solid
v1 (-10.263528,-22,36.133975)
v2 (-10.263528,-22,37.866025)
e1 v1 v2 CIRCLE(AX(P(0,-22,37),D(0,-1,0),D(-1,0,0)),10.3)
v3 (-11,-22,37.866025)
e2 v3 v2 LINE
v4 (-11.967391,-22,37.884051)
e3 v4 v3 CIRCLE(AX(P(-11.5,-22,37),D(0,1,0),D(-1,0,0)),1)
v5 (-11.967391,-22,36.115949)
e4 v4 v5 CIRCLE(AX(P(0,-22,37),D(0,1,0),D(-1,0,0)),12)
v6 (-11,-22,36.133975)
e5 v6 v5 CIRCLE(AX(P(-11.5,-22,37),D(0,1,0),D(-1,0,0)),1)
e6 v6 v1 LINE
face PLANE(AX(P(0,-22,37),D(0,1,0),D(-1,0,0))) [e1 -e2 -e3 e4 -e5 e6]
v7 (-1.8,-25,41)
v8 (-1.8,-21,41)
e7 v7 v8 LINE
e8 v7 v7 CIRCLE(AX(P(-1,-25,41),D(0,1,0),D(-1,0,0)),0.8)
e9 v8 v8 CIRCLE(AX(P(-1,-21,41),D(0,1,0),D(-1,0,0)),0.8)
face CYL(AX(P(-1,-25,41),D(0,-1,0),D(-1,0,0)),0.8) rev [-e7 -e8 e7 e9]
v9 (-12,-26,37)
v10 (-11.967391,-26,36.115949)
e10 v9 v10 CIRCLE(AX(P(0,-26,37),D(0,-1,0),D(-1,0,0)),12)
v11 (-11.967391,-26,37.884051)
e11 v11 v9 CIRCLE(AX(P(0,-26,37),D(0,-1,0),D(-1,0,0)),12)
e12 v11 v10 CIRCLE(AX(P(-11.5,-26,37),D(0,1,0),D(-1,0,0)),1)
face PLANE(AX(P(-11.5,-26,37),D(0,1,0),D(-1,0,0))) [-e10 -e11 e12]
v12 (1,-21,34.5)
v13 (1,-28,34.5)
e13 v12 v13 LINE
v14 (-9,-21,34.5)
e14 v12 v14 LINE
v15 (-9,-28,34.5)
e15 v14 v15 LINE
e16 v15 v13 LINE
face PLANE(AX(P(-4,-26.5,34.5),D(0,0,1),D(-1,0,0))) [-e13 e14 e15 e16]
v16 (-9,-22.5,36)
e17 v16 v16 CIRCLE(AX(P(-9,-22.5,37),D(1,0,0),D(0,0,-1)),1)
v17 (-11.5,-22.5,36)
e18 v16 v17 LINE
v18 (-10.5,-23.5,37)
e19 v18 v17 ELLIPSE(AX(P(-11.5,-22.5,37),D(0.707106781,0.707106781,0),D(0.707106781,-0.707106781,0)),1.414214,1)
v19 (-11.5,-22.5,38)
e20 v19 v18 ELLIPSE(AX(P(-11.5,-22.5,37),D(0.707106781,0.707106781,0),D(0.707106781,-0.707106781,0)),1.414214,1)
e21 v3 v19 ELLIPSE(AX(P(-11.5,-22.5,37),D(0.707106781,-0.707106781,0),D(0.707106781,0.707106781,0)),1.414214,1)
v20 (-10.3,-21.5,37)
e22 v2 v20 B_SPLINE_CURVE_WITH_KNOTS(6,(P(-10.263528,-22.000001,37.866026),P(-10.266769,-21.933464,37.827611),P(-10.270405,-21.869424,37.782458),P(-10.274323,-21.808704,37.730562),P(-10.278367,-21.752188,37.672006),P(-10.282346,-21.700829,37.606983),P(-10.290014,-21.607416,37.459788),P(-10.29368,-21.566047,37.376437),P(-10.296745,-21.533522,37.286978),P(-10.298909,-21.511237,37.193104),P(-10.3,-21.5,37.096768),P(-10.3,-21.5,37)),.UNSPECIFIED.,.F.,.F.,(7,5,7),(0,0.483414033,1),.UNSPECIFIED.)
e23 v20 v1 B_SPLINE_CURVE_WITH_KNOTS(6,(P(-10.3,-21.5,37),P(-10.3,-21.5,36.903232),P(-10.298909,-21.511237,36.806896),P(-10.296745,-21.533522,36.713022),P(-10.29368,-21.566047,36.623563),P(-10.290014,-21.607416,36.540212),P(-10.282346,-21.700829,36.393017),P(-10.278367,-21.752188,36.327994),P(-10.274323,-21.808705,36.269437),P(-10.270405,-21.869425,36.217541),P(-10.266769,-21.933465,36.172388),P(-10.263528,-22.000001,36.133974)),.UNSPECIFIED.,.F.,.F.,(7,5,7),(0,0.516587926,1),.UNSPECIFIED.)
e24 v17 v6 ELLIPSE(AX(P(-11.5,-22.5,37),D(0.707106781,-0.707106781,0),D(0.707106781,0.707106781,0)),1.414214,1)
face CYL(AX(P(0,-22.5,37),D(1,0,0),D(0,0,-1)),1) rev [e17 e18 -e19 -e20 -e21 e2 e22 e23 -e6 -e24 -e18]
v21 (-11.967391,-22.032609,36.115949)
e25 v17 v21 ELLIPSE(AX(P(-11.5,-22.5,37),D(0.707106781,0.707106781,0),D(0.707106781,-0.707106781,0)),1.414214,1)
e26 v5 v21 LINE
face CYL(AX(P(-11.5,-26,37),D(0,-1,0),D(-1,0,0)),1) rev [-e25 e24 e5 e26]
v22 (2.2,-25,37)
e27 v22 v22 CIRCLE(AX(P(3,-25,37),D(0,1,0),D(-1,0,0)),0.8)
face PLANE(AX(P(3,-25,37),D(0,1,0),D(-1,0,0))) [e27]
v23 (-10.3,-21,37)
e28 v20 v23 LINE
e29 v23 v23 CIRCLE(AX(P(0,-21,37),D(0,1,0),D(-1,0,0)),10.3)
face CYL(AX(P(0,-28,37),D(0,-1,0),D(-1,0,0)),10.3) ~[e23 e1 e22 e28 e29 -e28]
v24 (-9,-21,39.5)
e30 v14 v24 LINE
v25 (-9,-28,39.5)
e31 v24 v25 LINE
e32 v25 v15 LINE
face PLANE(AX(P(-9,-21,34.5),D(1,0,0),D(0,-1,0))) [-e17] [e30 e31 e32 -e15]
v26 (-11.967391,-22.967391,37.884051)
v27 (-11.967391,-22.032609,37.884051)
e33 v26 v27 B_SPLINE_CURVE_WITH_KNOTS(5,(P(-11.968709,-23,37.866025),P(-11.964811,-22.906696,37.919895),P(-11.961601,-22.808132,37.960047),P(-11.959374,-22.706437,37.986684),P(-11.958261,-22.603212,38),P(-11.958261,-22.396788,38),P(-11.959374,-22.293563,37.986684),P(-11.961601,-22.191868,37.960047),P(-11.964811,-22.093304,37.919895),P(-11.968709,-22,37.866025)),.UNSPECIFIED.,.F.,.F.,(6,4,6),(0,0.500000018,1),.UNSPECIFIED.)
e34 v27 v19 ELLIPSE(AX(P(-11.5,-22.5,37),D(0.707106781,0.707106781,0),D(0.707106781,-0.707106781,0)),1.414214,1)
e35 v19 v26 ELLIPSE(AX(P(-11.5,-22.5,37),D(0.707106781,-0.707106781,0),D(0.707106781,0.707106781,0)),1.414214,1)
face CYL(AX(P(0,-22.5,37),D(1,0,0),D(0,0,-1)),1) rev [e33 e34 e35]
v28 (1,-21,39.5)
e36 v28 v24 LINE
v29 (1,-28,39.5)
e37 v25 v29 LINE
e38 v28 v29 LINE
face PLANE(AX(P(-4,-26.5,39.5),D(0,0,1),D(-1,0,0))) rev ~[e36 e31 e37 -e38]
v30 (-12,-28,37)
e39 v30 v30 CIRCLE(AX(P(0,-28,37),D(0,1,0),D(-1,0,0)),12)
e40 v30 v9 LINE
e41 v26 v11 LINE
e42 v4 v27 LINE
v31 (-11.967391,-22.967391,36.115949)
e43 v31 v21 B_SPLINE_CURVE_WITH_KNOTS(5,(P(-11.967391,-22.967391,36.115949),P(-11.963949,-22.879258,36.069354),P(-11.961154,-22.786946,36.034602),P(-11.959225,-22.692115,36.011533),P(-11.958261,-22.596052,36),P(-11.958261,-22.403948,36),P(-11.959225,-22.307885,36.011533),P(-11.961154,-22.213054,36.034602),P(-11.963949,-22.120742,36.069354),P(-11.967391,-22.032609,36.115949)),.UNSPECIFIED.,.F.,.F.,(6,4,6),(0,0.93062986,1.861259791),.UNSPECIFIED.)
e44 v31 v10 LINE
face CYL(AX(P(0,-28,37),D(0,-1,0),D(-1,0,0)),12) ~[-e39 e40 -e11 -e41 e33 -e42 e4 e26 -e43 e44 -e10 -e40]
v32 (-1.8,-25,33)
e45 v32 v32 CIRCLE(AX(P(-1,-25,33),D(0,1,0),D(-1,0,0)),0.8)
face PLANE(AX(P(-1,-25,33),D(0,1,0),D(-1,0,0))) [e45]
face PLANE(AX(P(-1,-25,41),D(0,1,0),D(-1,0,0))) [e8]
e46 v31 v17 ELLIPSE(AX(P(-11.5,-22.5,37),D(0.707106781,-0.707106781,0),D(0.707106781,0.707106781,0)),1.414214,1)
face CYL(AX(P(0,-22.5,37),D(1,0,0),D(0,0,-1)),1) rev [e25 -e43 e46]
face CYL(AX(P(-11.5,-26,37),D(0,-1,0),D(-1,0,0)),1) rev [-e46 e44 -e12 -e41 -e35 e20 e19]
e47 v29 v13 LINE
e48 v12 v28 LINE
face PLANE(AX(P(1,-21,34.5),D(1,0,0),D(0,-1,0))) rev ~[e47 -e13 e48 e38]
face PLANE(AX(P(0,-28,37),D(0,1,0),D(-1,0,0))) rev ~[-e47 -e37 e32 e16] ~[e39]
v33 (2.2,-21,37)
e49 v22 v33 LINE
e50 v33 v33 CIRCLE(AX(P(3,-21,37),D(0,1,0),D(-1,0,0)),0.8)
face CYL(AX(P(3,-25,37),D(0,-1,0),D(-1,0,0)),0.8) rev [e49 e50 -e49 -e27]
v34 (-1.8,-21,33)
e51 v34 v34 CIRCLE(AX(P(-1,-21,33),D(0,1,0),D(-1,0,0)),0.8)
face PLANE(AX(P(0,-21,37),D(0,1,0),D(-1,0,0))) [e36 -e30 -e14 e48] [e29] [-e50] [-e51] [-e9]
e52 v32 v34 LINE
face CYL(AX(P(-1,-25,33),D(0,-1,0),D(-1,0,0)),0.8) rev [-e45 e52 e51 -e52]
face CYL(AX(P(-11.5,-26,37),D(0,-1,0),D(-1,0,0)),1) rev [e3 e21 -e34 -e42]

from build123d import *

# Parameters (mm, degrees)
CYLINDER014005814004009_R           = 1
CYLINDER014005814004009_DEPTH       = 12
CYLINDER014005814004009_PITCH_ANGLE = 90
CYLINDER014005814004010_R           = 1
CYLINDER014005814004010_DEPTH       = 4
CYLINDER014005814004010_ROLL_ANGLE  = 90
CYLINDER014005814004011_R           = 0.8
CYLINDER014005814004011_DEPTH       = 4
CYLINDER014005814004011_ROLL_ANGLE  = 90
CYLINDER014005814004012_R           = 0.8
CYLINDER014005814004012_DEPTH       = 4
CYLINDER014005814004012_ROLL_ANGLE  = 90
CYLINDER014005814004013_R           = 0.8
CYLINDER014005814004013_DEPTH       = 4
CYLINDER014005814004013_ROLL_ANGLE  = 90
BOX209_W                            = 10
BOX209_H                            = 11
BOX209_DEPTH                        = 5
CYLINDER014005814004008_R           = 10.3
CYLINDER014005814004008_DEPTH       = 7
CYLINDER014005814004008_ROLL_ANGLE  = 90
CYLINDER014005814004007_R           = 12
CYLINDER014005814004007_DEPTH       = 6
CYLINDER014005814004007_ROLL_ANGLE  = 90
CUT061098127_PLACEMENT_ANGLE        = 180


with BuildPart() as v_lec735:
    # Cylinder014005814004009 → Cylinder014005814004009 (new body)
    with BuildSketch(Plane.XY):
        Circle(CYLINDER014005814004009_R)
    extrude(amount=CYLINDER014005814004009_DEPTH)


with BuildPart() as v_lec735_1:
    # Cylinder014005814004009 pitch: moved
    add(v_lec735.part.rotate(Axis((0, 0, 0), (0, 1, 0)), CYLINDER014005814004009_PITCH_ANGLE))


with BuildPart() as v_lec735_2:
    # Cylinder014005814004009 placement: moved
    add(v_lec735_1.part.moved(Location((0, -5.5, 0))))


with BuildPart() as v_lec736:
    # Cylinder014005814004010 → Cylinder014005814004010 (new body)
    with BuildSketch(Plane.XY):
        Circle(CYLINDER014005814004010_R)
    extrude(amount=CYLINDER014005814004010_DEPTH)


with BuildPart() as v_lec736_1:
    # Cylinder014005814004010 roll: moved
    add(v_lec736.part.rotate(Axis((0, 0, 0), (1, 0, 0)), CYLINDER014005814004010_ROLL_ANGLE))


with BuildPart() as v_lec736_2:
    # Cylinder014005814004010 placement: moved
    add(v_lec736_1.part.moved(Location((11.5, -2, 0))))


with BuildPart() as v_lec737:
    # Cylinder014005814004011 → Cylinder014005814004011 (new body)
    with BuildSketch(Plane.XY):
        Circle(CYLINDER014005814004011_R)
    extrude(amount=CYLINDER014005814004011_DEPTH)


with BuildPart() as v_lec737_1:
    # Cylinder014005814004011 roll: moved
    add(v_lec737.part.rotate(Axis((0, 0, 0), (1, 0, 0)), CYLINDER014005814004011_ROLL_ANGLE))


with BuildPart() as v_lec737_2:
    # Cylinder014005814004011 placement: moved
    add(v_lec737_1.part.moved(Location((-3, -3, 0))))


with BuildPart() as v_lec738:
    # Cylinder014005814004012 → Cylinder014005814004012 (new body)
    with BuildSketch(Plane.XY):
        Circle(CYLINDER014005814004012_R)
    extrude(amount=CYLINDER014005814004012_DEPTH)


with BuildPart() as v_lec738_1:
    # Cylinder014005814004012 roll: moved
    add(v_lec738.part.rotate(Axis((0, 0, 0), (1, 0, 0)), CYLINDER014005814004012_ROLL_ANGLE))


with BuildPart() as v_lec738_2:
    # Cylinder014005814004012 placement: moved
    add(v_lec738_1.part.moved(Location((1, -3, 4))))


with BuildPart() as v_lec739:
    # Cylinder014005814004013 → Cylinder014005814004013 (new body)
    with BuildSketch(Plane.XY):
        Circle(CYLINDER014005814004013_R)
    extrude(amount=CYLINDER014005814004013_DEPTH)


with BuildPart() as v_lec739_1:
    # Cylinder014005814004013 roll: moved
    add(v_lec739.part.rotate(Axis((0, 0, 0), (1, 0, 0)), CYLINDER014005814004013_ROLL_ANGLE))


with BuildPart() as v_lec739_2:
    # Cylinder014005814004013 placement: moved
    add(v_lec739_1.part.moved(Location((1, -3, -4))))


with BuildPart() as fusion001089087:
    # Box209 → Box209 (new body)
    with BuildSketch(Plane(origin=(-1, -7, -2.5), x_dir=(1, 0, 0), z_dir=(0, 0, 1))):
        with Locations((5, 5.5)):
            Rectangle(BOX209_W, BOX209_H)
    extrude(amount=BOX209_DEPTH)

    # Fusion001089087: union Válec735, Válec736, Válec737, Válec738, Válec739
    add(v_lec735_2.part)
    add(v_lec736_2.part)
    add(v_lec737_2.part)
    add(v_lec738_2.part)
    add(v_lec739_2.part)


with BuildPart() as bat005:
    # Cylinder014005814004008 → Cylinder014005814004008 (new body)
    with BuildSketch(Plane.XY):
        Circle(CYLINDER014005814004008_R)
    extrude(amount=CYLINDER014005814004008_DEPTH)


with BuildPart() as bat005_1:
    # Cylinder014005814004008 roll: moved
    add(bat005.part.rotate(Axis((0, 0, 0), (1, 0, 0)), CYLINDER014005814004008_ROLL_ANGLE))


with BuildPart() as bat005_2:
    # Cylinder014005814004008 placement: moved
    add(bat005_1.part)


with BuildPart() as beterryknob:
    # Cylinder014005814004007 → Cylinder014005814004007 (new body)
    with BuildSketch(Plane.XY):
        Circle(CYLINDER014005814004007_R)
    extrude(amount=CYLINDER014005814004007_DEPTH)


with BuildPart() as beterryknob_1:
    # Cylinder014005814004007 roll: moved
    add(beterryknob.part.rotate(Axis((0, 0, 0), (1, 0, 0)), CYLINDER014005814004007_ROLL_ANGLE))


with BuildPart() as beterryknob_2:
    # Cylinder014005814004007 placement: moved
    add(beterryknob_1.part)

    # Fusion001089086: union bat005
    add(bat005_2.part)

    # Cut061098127: cut Fusion001089087
    add(fusion001089087.part, mode=Mode.SUBTRACT)


with BuildPart() as beterryknob_3:
    # Cut061098127 placement: moved
    add(beterryknob_2.part.moved(Location((0, -28, 37))).rotate(Axis((0, -28, 37), (0, 0, 1)), CUT061098127_PLACEMENT_ANGLE))


solid = beterryknob_3.part
